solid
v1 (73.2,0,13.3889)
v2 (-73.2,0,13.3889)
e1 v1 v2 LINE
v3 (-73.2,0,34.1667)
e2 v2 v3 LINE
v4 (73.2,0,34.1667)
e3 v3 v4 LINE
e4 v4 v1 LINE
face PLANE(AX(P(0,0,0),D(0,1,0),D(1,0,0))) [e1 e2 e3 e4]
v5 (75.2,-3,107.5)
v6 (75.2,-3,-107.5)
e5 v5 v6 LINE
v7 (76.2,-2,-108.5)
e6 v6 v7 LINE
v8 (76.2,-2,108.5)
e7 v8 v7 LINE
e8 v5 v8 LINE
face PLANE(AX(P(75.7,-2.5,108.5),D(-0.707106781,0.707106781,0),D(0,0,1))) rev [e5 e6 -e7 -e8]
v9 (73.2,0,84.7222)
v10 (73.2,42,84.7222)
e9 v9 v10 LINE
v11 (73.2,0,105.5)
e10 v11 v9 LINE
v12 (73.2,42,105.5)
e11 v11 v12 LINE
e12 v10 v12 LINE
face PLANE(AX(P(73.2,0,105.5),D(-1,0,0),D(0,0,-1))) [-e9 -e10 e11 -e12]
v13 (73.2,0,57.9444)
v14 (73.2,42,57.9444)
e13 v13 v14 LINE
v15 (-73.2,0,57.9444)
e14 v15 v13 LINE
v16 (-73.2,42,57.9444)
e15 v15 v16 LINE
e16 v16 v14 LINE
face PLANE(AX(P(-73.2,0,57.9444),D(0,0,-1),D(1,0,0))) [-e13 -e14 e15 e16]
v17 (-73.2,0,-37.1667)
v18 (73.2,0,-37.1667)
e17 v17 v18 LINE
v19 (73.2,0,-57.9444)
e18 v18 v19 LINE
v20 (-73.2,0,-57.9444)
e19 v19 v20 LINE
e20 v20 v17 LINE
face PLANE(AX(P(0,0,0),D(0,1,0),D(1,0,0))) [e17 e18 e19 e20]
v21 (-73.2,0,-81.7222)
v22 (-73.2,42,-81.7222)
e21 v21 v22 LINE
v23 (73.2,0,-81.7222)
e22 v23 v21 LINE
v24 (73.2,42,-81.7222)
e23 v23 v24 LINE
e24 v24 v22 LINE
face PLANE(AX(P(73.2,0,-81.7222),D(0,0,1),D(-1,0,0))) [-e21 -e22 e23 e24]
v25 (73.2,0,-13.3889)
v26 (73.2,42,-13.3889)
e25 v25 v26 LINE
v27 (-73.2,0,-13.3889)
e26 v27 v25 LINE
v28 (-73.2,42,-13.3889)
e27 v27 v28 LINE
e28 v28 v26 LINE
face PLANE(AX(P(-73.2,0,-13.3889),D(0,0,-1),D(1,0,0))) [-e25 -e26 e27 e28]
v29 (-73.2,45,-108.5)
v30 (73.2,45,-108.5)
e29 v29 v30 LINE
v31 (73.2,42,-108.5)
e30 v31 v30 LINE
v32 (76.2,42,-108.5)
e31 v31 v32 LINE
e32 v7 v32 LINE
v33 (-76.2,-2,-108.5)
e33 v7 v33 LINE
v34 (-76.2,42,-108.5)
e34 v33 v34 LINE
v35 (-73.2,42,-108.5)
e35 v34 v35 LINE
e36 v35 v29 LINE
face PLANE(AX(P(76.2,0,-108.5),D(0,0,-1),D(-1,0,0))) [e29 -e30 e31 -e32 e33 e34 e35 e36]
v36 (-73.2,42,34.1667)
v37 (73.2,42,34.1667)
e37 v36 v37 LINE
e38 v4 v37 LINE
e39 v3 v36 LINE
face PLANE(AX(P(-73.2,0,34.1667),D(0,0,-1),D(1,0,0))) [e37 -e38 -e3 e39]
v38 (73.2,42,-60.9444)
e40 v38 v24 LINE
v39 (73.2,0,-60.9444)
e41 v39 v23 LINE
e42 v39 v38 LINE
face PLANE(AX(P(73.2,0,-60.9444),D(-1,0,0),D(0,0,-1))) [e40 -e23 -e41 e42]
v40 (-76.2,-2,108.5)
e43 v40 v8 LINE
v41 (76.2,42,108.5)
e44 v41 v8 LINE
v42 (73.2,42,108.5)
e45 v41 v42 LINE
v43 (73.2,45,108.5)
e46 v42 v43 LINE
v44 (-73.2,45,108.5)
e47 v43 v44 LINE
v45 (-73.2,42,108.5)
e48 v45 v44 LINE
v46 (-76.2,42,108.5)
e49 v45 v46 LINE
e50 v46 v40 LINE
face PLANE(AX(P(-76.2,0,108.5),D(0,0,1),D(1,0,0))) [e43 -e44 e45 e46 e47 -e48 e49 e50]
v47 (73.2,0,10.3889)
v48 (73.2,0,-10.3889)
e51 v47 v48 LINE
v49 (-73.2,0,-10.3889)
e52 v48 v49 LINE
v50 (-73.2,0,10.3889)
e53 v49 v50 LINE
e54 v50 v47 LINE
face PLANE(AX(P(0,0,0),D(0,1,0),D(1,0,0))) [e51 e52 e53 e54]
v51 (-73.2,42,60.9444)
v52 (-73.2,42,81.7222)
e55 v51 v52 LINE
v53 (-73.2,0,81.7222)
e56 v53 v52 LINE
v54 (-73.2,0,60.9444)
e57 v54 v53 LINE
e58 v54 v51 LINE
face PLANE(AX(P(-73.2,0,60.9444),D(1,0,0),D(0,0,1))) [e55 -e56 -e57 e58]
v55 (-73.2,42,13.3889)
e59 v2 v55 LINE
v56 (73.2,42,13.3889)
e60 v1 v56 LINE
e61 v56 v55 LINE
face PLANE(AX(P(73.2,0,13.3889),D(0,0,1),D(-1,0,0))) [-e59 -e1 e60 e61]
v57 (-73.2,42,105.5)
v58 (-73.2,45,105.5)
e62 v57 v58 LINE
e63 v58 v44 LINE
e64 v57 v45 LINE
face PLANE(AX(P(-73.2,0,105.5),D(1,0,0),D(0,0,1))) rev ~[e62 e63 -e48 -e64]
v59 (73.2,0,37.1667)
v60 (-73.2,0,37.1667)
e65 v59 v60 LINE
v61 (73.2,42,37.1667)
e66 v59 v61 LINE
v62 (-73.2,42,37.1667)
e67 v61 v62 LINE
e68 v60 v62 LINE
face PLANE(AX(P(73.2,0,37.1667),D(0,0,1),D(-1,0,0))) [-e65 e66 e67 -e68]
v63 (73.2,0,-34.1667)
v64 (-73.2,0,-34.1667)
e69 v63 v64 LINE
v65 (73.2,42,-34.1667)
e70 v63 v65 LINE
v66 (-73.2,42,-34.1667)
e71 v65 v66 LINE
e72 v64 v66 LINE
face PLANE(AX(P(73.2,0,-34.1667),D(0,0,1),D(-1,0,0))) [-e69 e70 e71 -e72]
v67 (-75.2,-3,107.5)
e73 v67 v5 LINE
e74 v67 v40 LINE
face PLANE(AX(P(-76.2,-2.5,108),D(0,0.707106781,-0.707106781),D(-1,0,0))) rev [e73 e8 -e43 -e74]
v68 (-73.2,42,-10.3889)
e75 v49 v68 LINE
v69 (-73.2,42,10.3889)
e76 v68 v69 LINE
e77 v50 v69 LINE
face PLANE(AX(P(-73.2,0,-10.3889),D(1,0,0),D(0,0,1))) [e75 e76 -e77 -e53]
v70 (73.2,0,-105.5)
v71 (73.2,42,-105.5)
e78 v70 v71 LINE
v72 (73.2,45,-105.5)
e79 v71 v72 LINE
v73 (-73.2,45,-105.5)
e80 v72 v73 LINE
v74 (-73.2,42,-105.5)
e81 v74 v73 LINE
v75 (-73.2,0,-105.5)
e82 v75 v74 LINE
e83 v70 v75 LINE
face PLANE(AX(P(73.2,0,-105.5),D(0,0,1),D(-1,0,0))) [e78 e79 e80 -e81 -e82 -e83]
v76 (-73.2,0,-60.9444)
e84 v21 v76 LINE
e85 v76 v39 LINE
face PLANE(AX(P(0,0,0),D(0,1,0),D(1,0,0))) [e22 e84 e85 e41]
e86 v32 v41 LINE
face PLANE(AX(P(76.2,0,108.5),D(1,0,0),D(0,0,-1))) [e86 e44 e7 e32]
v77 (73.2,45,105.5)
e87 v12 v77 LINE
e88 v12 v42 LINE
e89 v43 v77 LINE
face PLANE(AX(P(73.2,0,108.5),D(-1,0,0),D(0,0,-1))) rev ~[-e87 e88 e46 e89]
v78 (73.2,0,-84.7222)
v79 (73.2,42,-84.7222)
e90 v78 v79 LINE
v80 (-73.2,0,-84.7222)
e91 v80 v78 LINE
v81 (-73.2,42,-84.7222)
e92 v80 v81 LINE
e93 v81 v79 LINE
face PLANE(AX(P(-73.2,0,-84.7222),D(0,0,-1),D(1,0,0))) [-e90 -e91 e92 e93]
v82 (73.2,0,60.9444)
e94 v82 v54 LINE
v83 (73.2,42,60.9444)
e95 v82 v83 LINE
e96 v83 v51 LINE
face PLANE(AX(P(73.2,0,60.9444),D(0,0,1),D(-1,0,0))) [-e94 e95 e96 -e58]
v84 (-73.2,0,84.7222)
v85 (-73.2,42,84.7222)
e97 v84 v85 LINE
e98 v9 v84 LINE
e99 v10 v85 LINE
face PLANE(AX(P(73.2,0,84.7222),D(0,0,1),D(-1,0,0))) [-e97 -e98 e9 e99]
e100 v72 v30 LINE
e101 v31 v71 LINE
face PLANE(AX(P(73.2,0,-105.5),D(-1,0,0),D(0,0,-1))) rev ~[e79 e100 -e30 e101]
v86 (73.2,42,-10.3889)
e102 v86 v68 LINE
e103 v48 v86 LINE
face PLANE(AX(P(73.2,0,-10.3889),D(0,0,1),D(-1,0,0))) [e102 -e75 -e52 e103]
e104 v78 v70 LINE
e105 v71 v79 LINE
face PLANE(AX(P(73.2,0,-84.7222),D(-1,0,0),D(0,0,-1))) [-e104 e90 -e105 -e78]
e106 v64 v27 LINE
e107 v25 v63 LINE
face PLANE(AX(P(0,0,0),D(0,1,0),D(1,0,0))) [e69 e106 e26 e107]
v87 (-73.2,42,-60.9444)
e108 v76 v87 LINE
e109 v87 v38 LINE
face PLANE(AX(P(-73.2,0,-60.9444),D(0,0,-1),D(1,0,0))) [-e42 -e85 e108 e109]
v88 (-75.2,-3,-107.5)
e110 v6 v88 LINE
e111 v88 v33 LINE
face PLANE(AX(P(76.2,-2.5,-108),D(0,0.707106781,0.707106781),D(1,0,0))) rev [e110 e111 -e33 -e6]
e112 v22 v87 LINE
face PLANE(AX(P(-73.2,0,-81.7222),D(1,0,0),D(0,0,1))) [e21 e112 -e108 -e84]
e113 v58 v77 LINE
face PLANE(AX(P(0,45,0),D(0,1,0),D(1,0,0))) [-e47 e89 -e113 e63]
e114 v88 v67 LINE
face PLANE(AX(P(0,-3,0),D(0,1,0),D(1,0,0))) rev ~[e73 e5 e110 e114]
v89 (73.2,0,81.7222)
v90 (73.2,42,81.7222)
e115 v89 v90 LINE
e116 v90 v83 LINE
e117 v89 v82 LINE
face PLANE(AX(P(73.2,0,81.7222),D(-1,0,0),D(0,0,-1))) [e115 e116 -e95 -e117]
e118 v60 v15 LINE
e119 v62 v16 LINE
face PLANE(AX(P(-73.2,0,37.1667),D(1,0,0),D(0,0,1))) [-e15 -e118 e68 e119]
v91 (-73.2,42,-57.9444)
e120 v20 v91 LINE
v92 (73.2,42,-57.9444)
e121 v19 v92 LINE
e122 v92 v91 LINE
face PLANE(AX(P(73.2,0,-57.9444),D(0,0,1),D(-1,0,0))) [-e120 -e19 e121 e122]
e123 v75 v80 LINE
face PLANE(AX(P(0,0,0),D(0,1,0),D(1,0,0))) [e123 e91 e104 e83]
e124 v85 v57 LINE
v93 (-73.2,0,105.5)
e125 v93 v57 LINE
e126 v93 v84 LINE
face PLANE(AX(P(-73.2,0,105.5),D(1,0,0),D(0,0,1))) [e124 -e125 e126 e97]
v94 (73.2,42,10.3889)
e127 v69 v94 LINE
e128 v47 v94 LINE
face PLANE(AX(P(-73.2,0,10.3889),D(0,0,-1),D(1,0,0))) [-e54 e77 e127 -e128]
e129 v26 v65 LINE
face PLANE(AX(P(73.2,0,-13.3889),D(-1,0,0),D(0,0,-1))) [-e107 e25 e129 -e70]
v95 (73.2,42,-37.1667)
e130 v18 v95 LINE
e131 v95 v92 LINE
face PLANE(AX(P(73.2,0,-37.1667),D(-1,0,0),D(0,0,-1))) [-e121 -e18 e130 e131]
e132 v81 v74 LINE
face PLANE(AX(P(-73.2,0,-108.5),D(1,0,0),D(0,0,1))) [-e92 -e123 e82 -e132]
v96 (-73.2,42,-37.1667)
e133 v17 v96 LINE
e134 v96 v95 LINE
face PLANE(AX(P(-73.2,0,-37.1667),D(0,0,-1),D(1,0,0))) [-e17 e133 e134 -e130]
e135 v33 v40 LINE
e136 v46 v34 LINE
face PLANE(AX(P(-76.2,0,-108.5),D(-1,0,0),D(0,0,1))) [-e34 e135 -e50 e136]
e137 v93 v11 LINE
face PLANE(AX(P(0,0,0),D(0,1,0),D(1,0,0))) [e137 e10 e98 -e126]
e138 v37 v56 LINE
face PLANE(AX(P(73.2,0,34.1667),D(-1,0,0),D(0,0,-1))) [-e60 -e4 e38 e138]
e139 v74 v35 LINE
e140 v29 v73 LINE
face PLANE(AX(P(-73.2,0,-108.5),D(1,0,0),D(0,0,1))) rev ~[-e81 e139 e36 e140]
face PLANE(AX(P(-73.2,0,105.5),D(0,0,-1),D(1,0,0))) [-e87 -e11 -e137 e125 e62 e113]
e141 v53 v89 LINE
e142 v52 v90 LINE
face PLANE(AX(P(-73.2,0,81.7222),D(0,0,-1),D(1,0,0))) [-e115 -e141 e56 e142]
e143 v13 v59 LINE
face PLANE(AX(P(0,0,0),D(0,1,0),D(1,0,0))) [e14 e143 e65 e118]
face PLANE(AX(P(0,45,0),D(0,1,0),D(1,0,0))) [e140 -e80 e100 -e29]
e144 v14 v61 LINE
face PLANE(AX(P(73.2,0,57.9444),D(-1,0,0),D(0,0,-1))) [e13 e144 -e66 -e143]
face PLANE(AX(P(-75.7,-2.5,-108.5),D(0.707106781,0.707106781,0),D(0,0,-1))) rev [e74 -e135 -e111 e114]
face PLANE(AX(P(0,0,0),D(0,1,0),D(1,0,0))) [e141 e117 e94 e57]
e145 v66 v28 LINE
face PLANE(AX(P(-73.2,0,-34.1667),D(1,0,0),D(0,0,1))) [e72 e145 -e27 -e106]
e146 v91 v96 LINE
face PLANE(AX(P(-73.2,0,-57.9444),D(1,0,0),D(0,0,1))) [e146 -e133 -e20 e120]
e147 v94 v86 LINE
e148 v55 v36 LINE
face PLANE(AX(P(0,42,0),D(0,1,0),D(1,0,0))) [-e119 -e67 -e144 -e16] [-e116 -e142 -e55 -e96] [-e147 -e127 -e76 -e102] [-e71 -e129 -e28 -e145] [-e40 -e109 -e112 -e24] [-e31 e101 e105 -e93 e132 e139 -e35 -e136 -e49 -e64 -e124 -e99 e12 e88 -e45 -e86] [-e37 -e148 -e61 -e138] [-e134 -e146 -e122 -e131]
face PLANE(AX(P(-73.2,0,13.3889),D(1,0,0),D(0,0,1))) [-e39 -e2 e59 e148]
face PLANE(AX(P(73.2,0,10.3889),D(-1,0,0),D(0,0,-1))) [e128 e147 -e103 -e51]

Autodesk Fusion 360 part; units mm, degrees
sketch "Sketch2" plane through (0, 0, 0) normal (0, 1, 0) x (1, 0, 0)
  line L0 (76.2, 108.5) -> (-76.2, 108.5)
  line L1 (-76.2, 108.5) -> (-76.2, -108.5)
  line L2 (-76.2, -108.5) -> (76.2, -108.5)
  line L3 (76.2, -108.5) -> (76.2, 108.5)
  line L4 (76.2, 108.5) -> (-76.2, -108.5) construction
  line L5 (-76.2, 108.5) -> (76.2, -108.5) construction
  dimension "d14" = 152.4
  dimension "d15" = 217
extrude "Extrude1" add sketch "Sketch2" against normal blind 3
sketch "Sketch1" plane through (0, 0, 0) normal (0, 1, 0) x (1, 0, 0)
  line L0 (-73.2, -108.5) -> (-76.2, -108.5)
  line L1 (-76.2, -108.5) -> (-76.2, 108.5)
  line L2 (-76.2, 108.5) -> (-73.2, 108.5)
  line L3 (-73.2, 108.5) -> (-73.2, -108.5)
  line L4 (-73.2, -108.5) -> (-76.2, 108.5) construction
  line L5 (-76.2, -108.5) -> (-73.2, 108.5) construction
  line L6 (0, 0) -> (195.5563, 0) construction
  line L7 (73.2, 108.5) -> (76.2, 108.5)
  line L8 (76.2, 108.5) -> (76.2, -108.5)
  line L9 (76.2, -108.5) -> (73.2, -108.5)
  line L10 (73.2, -108.5) -> (73.2, 108.5)
  line L11 (-73.2, 108.5) -> (73.2, 108.5)
  line L12 (73.2, 108.5) -> (73.2, 105.5)
  line L13 (73.2, 105.5) -> (-73.2, 105.5)
  line L14 (-73.2, 105.5) -> (-73.2, 108.5)
  line L15 (73.2, 81.7222) -> (-73.2, 81.7222)
  line L16 (-73.2, 84.7222) -> (73.2, 84.7222)
  line L17 (73.2, 57.9444) -> (-73.2, 57.9444)
  line L18 (-73.2, 60.9444) -> (73.2, 60.9444)
  line L19 (73.2, 34.1667) -> (-73.2, 34.1667)
  line L20 (-73.2, 37.1667) -> (73.2, 37.1667)
  line L21 (73.2, 10.3889) -> (-73.2, 10.3889)
  line L22 (-73.2, 13.3889) -> (73.2, 13.3889)
  line L23 (73.2, -13.3889) -> (-73.2, -13.3889)
  line L24 (-73.2, -10.3889) -> (73.2, -10.3889)
  line L25 (73.2, -37.1667) -> (-73.2, -37.1667)
  line L26 (-73.2, -34.1667) -> (73.2, -34.1667)
  line L27 (73.2, -60.9444) -> (-73.2, -60.9444)
  line L28 (-73.2, -57.9444) -> (73.2, -57.9444)
  line L29 (73.2, -84.7222) -> (-73.2, -84.7222)
  line L30 (-73.2, -81.7222) -> (73.2, -81.7222)
  line L31 (73.2, -108.5) -> (-73.2, -108.5)
  line L32 (-73.2, -105.5) -> (73.2, -105.5)
  point P0 (-74.7, 0)
  dimension "d1" = 217
  dimension "d6" = 3
  dimension "d8" = 152.4
  dimension "d9" = 3
  dimension "d12" = 0
  dimension "d21" = 76.2
extrude "Extrude2" add sketch "Sketch1" along normal blind 42 contours L0 L1 L2 L3 L14 | L7 L8 L9 L10 L12 | L3 L10 L29 L30 | L3 L10 L27 L28 | L3 L10 L15 L16 | L3 L10 L25 L26 | L3 L10 L17 L18 | L3 L10 L23 L24 | L3 L10 L19 L20 | L3 L10 L21 L22
extrude "Extrude3" add sketch "Sketch1" along normal blind 45 contours L3 L10 L31 L32 | L3 L10 L11 L12 L13 L14
chamfer "Chamfer1" distance 1 angle 45 4 edges at (0, -3, -108.5) (-76.2, -3, 0) (76.2, -3, 0) (0, -3, 108.5) measured on face at (-25.4, -3, -36.1667) measured on face at (-25.4, -3, -36.1667) measured on face at (-25.4, -3, -36.1667) measured on face at (-25.4, -3, -36.1667)
equation "d1 = Length"
equation "Length = 217 mm"
equation "Width = 6 in"
equation "Wall_Thickness = 3 mm"
equation "Number_of_Ribs = 10"
equation "d6 = Wall_Thickness"
equation "d8 = Width"
equation "d9 = Wall_Thickness"
equation "d13 = -( Length - Wall_Thickness )"
equation "d14 = Width"
equation "d15 = Length"
equation "Height = 45 mm"
equation "d19 = Height - Wall_Thickness"
equation "d21 = Width / 2"
equation "BaseWallThickness_1 = 3 mm"
equation "BearingHolderHeight_1 = 20 mm"
equation "BearingHolderDistance_1 = 80 mm"
equation "BearingHolderDiameter_1 = 7.8 mm"
equation "BaseInsideWidth_1 = 70 mm"
equation "BaseLength_1 = 190 mm"
equation "BaseWallHeight_1 = 100 mm"
equation "d22 = Height"
equation "BaseWallThickness_2 = 3 mm"
equation "BearingHolderHeight_2 = 20 mm"
equation "BearingHolderDistance_2 = 80 mm"
equation "BearingHolderDiameter_2 = 7.8 mm"
equation "BaseInsideWidth_2 = 70 mm"
equation "BaseLength_2 = 190 mm"
equation "BaseWallHeight_2 = 100 mm"
